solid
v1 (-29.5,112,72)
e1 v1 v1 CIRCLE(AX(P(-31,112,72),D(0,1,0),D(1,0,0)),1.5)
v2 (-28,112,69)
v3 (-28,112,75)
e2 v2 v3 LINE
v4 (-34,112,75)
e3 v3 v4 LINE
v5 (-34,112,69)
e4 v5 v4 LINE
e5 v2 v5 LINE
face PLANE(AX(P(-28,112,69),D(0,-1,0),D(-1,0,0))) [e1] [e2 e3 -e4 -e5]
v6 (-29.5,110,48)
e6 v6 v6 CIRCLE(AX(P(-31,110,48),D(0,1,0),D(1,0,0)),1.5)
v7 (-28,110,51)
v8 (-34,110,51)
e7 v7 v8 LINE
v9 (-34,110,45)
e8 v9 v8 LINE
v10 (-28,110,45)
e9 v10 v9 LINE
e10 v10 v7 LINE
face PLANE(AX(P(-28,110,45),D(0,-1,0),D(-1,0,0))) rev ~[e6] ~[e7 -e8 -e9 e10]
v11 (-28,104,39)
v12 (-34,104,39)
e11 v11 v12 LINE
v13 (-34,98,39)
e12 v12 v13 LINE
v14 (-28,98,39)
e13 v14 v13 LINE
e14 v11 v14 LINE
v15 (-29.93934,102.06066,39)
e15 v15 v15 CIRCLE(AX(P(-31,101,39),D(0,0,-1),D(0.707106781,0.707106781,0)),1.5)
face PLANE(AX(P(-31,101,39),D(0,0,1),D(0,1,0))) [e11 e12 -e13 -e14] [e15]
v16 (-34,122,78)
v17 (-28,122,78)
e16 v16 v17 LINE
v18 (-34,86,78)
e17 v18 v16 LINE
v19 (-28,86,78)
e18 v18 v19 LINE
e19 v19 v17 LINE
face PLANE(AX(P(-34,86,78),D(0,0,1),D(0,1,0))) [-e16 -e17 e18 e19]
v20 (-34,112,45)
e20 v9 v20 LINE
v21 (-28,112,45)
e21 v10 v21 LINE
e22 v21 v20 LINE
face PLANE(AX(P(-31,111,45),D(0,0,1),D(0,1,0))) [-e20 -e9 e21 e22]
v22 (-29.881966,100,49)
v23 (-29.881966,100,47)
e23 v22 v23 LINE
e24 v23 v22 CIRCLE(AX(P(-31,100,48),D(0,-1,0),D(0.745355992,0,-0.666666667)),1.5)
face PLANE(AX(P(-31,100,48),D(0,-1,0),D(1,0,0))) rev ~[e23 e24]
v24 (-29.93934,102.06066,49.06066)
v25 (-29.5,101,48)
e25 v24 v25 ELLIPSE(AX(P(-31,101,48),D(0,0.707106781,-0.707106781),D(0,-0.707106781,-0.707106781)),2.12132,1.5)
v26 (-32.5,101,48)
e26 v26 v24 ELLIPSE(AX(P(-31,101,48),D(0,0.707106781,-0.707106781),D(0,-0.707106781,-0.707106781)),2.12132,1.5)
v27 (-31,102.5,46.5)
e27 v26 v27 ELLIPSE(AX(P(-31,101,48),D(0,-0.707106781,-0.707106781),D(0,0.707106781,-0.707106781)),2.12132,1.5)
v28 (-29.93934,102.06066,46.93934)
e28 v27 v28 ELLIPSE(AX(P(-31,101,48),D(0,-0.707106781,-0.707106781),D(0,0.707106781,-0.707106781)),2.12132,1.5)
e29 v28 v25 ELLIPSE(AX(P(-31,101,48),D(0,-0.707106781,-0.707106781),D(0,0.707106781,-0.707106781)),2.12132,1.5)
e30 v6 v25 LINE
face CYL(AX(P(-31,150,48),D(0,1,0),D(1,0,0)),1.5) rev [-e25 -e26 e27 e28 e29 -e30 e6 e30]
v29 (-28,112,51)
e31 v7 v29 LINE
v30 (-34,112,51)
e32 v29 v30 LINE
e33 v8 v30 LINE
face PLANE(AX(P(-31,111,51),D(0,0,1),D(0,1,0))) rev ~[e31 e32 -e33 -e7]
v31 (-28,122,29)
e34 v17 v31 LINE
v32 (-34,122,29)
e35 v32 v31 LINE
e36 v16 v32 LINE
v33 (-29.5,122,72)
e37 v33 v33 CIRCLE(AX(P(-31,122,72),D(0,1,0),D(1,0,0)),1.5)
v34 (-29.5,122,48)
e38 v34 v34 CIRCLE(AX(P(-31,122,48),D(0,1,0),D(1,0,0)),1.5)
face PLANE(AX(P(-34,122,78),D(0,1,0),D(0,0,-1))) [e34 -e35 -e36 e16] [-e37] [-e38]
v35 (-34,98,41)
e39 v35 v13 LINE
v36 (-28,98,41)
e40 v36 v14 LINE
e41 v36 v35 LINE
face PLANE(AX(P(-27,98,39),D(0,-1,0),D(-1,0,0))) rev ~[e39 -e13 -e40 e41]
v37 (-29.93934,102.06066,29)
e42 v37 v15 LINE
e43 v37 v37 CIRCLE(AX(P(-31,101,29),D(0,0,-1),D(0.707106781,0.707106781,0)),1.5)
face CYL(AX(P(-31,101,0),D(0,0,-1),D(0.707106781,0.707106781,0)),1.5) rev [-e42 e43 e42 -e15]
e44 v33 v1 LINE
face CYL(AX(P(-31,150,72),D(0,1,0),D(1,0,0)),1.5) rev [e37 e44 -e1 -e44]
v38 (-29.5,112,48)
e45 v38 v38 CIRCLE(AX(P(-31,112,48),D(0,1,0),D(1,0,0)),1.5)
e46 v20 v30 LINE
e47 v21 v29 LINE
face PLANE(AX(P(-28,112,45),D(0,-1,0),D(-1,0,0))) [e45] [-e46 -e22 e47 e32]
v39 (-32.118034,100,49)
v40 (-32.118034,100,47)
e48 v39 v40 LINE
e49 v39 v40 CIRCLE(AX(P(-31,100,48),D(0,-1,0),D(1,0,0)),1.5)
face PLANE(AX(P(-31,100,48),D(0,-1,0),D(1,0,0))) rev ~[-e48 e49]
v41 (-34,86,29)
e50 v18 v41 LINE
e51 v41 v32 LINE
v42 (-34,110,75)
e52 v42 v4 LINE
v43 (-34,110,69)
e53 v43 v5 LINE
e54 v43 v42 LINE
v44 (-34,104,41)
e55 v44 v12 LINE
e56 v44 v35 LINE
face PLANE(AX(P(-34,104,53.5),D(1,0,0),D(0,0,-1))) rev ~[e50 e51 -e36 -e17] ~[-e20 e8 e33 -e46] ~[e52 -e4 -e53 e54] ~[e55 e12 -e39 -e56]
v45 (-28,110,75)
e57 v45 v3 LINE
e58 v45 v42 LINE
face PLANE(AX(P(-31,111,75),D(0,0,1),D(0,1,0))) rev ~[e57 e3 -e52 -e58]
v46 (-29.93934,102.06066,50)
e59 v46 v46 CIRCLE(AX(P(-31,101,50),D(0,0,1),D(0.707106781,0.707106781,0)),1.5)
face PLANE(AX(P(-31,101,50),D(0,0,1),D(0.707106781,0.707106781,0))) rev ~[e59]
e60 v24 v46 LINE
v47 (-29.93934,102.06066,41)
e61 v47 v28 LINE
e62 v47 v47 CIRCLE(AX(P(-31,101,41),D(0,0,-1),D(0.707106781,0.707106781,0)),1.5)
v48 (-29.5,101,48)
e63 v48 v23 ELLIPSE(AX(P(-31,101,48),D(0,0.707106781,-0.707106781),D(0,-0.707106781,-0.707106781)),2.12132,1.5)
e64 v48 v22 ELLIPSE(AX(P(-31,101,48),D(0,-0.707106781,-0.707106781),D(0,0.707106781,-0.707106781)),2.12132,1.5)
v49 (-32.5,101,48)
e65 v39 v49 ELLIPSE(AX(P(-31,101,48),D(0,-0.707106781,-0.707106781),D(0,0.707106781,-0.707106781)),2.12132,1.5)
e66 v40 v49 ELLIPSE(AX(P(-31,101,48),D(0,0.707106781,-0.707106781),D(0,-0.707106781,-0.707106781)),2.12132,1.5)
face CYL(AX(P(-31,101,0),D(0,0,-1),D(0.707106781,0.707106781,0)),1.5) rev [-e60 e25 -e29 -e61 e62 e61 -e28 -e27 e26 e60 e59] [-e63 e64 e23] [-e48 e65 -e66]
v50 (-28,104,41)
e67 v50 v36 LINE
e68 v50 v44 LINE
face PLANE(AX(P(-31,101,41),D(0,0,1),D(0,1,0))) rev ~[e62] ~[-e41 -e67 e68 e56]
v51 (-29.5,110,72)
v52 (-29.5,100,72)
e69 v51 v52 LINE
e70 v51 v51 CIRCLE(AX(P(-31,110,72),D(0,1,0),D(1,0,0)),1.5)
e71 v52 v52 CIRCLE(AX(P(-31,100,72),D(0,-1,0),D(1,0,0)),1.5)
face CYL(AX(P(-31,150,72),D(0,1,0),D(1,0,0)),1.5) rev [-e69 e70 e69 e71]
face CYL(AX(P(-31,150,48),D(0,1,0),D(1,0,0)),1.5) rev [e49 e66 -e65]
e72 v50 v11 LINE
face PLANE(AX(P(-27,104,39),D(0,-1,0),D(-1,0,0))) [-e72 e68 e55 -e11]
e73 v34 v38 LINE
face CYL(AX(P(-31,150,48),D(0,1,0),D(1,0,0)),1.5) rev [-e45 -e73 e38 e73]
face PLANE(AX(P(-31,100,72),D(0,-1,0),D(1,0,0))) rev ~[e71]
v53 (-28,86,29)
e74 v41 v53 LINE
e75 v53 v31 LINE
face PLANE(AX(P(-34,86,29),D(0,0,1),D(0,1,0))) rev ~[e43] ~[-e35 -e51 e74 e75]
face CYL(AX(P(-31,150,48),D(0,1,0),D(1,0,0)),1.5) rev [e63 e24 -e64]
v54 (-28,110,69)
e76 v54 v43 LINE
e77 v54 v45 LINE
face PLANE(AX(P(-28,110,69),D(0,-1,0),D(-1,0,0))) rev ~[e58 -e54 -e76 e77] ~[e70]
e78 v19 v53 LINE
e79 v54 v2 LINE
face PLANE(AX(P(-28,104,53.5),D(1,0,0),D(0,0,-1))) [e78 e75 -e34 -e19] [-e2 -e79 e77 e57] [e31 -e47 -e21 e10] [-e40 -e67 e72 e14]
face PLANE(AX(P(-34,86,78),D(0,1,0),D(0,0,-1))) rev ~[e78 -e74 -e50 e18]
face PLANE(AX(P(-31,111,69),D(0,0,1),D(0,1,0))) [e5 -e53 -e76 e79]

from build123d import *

# Parameters (mm, degrees)
CYLINDER1886_R               = 1.5
CYLINDER1886_DEPTH           = 50
CYLINDER1888_R               = 1.5
CYLINDER1888_DEPTH           = 50
CYLINDER1887_R               = 1.5
CYLINDER1887_DEPTH           = 50
CYLINDER1885_R               = 1.5
CYLINDER1885_DEPTH           = 50
BOX794_W                     = 2
BOX794_H                     = 6
BOX794_DEPTH                 = 6
BOX797_W                     = 2
BOX797_H                     = 6
BOX797_DEPTH                 = 6
BOX795_W                     = 2
BOX795_H                     = 6
BOX795_DEPTH                 = 6
BOX796_W                     = 2
BOX796_H                     = 6
BOX796_DEPTH                 = 6
CYLINDER1871_R               = 1.5
CYLINDER1871_DEPTH           = 50
CYLINDER1871_PLACEMENT_ANGLE = 45
BOX781_W                     = 6
BOX781_H                     = 8
BOX781_DEPTH                 = 2
BOX784_W                     = 49
BOX784_H                     = 36
BOX784_DEPTH                 = 6


with BuildPart() as v_lec1886:
    # Cylinder1886 → Cylinder1886 (new body)
    with BuildSketch(Plane(origin=(-31, 150, 72), x_dir=(1, 0, 0), z_dir=(0, -1, 0))):
        Circle(CYLINDER1886_R)
    extrude(amount=CYLINDER1886_DEPTH)


with BuildPart() as v_lec1888:
    # Cylinder1888 → Cylinder1888 (new body)
    with BuildSketch(Plane(origin=(31, 150, 48), x_dir=(1, 0, 0), z_dir=(0, -1, 0))):
        Circle(CYLINDER1888_R)
    extrude(amount=CYLINDER1888_DEPTH)


with BuildPart() as v_lec1887:
    # Cylinder1887 → Cylinder1887 (new body)
    with BuildSketch(Plane(origin=(31, 150, 72), x_dir=(1, 0, 0), z_dir=(0, -1, 0))):
        Circle(CYLINDER1887_R)
    extrude(amount=CYLINDER1887_DEPTH)


with BuildPart() as compound949:
    # Cylinder1885 → Cylinder1885 (new body)
    with BuildSketch(Plane(origin=(-31, 150, 48), x_dir=(1, 0, 0), z_dir=(0, -1, 0))):
        Circle(CYLINDER1885_R)
    extrude(amount=CYLINDER1885_DEPTH)

    # Compound949: union Válec1886, Válec1888, Válec1887
    add(v_lec1886.part)
    add(v_lec1888.part)
    add(v_lec1887.part)


with BuildPart() as krychle794:
    # Box794 → Box794 (new body)
    with BuildSketch(Plane(origin=(-28, 110, 69), x_dir=(0, 1, 0), z_dir=(0, 0, 1))):
        with Locations((1, 3)):
            Rectangle(BOX794_W, BOX794_H)
    extrude(amount=BOX794_DEPTH)


with BuildPart() as krychle797:
    # Box797 → Box797 (new body)
    with BuildSketch(Plane(origin=(34, 110, 45), x_dir=(0, 1, 0), z_dir=(0, 0, 1))):
        with Locations((1, 3)):
            Rectangle(BOX797_W, BOX797_H)
    extrude(amount=BOX797_DEPTH)


with BuildPart() as krychle795:
    # Box795 → Box795 (new body)
    with BuildSketch(Plane(origin=(34, 110, 69), x_dir=(0, 1, 0), z_dir=(0, 0, 1))):
        with Locations((1, 3)):
            Rectangle(BOX795_W, BOX795_H)
    extrude(amount=BOX795_DEPTH)


with BuildPart() as compound948:
    # Box796 → Box796 (new body)
    with BuildSketch(Plane(origin=(-28, 110, 45), x_dir=(0, 1, 0), z_dir=(0, 0, 1))):
        with Locations((1, 3)):
            Rectangle(BOX796_W, BOX796_H)
    extrude(amount=BOX796_DEPTH)

    # Compound948: union Krychle794, Krychle797, Krychle795
    add(krychle794.part)
    add(krychle797.part)
    add(krychle795.part)


with BuildPart() as compound941:
    # Cylinder1871 → Cylinder1871 (new body)
    with BuildSketch(Plane.XY):
        Circle(CYLINDER1871_R)
    extrude(amount=CYLINDER1871_DEPTH)


with BuildPart() as compound941_1:
    # Cylinder1871 placement: moved
    add(compound941.part.moved(Location((-31, 101, 0))).rotate(Axis((-31, 101, 0), (0, 0, 1)), CYLINDER1871_PLACEMENT_ANGLE))


with BuildPart() as compound938:
    # Box781 → Box781 (new body)
    with BuildSketch(Plane(origin=(-27, 98, 39), x_dir=(0, 1, 0), z_dir=(0, 0, 1))):
        with Locations((3, 4)):
            Rectangle(BOX781_W, BOX781_H)
    extrude(amount=BOX781_DEPTH)


with BuildPart() as cut595:
    # Box784 → Box784 (new body)
    with BuildSketch(Plane(origin=(-34, 86, 78), x_dir=(0, 0, -1), z_dir=(1, 0, 0))):
        with Locations((24.5, 18)):
            Rectangle(BOX784_W, BOX784_H)
    extrude(amount=BOX784_DEPTH)

    # Cut586: cut Compound938
    add(compound938.part, mode=Mode.SUBTRACT)

    # Cut589: cut Compound941
    add(compound941_1.part, mode=Mode.SUBTRACT)

    # Cut594: cut Compound948
    add(compound948.part, mode=Mode.SUBTRACT)

    # Cut595: cut Compound949
    add(compound949.part, mode=Mode.SUBTRACT)


solid = cut595.part
